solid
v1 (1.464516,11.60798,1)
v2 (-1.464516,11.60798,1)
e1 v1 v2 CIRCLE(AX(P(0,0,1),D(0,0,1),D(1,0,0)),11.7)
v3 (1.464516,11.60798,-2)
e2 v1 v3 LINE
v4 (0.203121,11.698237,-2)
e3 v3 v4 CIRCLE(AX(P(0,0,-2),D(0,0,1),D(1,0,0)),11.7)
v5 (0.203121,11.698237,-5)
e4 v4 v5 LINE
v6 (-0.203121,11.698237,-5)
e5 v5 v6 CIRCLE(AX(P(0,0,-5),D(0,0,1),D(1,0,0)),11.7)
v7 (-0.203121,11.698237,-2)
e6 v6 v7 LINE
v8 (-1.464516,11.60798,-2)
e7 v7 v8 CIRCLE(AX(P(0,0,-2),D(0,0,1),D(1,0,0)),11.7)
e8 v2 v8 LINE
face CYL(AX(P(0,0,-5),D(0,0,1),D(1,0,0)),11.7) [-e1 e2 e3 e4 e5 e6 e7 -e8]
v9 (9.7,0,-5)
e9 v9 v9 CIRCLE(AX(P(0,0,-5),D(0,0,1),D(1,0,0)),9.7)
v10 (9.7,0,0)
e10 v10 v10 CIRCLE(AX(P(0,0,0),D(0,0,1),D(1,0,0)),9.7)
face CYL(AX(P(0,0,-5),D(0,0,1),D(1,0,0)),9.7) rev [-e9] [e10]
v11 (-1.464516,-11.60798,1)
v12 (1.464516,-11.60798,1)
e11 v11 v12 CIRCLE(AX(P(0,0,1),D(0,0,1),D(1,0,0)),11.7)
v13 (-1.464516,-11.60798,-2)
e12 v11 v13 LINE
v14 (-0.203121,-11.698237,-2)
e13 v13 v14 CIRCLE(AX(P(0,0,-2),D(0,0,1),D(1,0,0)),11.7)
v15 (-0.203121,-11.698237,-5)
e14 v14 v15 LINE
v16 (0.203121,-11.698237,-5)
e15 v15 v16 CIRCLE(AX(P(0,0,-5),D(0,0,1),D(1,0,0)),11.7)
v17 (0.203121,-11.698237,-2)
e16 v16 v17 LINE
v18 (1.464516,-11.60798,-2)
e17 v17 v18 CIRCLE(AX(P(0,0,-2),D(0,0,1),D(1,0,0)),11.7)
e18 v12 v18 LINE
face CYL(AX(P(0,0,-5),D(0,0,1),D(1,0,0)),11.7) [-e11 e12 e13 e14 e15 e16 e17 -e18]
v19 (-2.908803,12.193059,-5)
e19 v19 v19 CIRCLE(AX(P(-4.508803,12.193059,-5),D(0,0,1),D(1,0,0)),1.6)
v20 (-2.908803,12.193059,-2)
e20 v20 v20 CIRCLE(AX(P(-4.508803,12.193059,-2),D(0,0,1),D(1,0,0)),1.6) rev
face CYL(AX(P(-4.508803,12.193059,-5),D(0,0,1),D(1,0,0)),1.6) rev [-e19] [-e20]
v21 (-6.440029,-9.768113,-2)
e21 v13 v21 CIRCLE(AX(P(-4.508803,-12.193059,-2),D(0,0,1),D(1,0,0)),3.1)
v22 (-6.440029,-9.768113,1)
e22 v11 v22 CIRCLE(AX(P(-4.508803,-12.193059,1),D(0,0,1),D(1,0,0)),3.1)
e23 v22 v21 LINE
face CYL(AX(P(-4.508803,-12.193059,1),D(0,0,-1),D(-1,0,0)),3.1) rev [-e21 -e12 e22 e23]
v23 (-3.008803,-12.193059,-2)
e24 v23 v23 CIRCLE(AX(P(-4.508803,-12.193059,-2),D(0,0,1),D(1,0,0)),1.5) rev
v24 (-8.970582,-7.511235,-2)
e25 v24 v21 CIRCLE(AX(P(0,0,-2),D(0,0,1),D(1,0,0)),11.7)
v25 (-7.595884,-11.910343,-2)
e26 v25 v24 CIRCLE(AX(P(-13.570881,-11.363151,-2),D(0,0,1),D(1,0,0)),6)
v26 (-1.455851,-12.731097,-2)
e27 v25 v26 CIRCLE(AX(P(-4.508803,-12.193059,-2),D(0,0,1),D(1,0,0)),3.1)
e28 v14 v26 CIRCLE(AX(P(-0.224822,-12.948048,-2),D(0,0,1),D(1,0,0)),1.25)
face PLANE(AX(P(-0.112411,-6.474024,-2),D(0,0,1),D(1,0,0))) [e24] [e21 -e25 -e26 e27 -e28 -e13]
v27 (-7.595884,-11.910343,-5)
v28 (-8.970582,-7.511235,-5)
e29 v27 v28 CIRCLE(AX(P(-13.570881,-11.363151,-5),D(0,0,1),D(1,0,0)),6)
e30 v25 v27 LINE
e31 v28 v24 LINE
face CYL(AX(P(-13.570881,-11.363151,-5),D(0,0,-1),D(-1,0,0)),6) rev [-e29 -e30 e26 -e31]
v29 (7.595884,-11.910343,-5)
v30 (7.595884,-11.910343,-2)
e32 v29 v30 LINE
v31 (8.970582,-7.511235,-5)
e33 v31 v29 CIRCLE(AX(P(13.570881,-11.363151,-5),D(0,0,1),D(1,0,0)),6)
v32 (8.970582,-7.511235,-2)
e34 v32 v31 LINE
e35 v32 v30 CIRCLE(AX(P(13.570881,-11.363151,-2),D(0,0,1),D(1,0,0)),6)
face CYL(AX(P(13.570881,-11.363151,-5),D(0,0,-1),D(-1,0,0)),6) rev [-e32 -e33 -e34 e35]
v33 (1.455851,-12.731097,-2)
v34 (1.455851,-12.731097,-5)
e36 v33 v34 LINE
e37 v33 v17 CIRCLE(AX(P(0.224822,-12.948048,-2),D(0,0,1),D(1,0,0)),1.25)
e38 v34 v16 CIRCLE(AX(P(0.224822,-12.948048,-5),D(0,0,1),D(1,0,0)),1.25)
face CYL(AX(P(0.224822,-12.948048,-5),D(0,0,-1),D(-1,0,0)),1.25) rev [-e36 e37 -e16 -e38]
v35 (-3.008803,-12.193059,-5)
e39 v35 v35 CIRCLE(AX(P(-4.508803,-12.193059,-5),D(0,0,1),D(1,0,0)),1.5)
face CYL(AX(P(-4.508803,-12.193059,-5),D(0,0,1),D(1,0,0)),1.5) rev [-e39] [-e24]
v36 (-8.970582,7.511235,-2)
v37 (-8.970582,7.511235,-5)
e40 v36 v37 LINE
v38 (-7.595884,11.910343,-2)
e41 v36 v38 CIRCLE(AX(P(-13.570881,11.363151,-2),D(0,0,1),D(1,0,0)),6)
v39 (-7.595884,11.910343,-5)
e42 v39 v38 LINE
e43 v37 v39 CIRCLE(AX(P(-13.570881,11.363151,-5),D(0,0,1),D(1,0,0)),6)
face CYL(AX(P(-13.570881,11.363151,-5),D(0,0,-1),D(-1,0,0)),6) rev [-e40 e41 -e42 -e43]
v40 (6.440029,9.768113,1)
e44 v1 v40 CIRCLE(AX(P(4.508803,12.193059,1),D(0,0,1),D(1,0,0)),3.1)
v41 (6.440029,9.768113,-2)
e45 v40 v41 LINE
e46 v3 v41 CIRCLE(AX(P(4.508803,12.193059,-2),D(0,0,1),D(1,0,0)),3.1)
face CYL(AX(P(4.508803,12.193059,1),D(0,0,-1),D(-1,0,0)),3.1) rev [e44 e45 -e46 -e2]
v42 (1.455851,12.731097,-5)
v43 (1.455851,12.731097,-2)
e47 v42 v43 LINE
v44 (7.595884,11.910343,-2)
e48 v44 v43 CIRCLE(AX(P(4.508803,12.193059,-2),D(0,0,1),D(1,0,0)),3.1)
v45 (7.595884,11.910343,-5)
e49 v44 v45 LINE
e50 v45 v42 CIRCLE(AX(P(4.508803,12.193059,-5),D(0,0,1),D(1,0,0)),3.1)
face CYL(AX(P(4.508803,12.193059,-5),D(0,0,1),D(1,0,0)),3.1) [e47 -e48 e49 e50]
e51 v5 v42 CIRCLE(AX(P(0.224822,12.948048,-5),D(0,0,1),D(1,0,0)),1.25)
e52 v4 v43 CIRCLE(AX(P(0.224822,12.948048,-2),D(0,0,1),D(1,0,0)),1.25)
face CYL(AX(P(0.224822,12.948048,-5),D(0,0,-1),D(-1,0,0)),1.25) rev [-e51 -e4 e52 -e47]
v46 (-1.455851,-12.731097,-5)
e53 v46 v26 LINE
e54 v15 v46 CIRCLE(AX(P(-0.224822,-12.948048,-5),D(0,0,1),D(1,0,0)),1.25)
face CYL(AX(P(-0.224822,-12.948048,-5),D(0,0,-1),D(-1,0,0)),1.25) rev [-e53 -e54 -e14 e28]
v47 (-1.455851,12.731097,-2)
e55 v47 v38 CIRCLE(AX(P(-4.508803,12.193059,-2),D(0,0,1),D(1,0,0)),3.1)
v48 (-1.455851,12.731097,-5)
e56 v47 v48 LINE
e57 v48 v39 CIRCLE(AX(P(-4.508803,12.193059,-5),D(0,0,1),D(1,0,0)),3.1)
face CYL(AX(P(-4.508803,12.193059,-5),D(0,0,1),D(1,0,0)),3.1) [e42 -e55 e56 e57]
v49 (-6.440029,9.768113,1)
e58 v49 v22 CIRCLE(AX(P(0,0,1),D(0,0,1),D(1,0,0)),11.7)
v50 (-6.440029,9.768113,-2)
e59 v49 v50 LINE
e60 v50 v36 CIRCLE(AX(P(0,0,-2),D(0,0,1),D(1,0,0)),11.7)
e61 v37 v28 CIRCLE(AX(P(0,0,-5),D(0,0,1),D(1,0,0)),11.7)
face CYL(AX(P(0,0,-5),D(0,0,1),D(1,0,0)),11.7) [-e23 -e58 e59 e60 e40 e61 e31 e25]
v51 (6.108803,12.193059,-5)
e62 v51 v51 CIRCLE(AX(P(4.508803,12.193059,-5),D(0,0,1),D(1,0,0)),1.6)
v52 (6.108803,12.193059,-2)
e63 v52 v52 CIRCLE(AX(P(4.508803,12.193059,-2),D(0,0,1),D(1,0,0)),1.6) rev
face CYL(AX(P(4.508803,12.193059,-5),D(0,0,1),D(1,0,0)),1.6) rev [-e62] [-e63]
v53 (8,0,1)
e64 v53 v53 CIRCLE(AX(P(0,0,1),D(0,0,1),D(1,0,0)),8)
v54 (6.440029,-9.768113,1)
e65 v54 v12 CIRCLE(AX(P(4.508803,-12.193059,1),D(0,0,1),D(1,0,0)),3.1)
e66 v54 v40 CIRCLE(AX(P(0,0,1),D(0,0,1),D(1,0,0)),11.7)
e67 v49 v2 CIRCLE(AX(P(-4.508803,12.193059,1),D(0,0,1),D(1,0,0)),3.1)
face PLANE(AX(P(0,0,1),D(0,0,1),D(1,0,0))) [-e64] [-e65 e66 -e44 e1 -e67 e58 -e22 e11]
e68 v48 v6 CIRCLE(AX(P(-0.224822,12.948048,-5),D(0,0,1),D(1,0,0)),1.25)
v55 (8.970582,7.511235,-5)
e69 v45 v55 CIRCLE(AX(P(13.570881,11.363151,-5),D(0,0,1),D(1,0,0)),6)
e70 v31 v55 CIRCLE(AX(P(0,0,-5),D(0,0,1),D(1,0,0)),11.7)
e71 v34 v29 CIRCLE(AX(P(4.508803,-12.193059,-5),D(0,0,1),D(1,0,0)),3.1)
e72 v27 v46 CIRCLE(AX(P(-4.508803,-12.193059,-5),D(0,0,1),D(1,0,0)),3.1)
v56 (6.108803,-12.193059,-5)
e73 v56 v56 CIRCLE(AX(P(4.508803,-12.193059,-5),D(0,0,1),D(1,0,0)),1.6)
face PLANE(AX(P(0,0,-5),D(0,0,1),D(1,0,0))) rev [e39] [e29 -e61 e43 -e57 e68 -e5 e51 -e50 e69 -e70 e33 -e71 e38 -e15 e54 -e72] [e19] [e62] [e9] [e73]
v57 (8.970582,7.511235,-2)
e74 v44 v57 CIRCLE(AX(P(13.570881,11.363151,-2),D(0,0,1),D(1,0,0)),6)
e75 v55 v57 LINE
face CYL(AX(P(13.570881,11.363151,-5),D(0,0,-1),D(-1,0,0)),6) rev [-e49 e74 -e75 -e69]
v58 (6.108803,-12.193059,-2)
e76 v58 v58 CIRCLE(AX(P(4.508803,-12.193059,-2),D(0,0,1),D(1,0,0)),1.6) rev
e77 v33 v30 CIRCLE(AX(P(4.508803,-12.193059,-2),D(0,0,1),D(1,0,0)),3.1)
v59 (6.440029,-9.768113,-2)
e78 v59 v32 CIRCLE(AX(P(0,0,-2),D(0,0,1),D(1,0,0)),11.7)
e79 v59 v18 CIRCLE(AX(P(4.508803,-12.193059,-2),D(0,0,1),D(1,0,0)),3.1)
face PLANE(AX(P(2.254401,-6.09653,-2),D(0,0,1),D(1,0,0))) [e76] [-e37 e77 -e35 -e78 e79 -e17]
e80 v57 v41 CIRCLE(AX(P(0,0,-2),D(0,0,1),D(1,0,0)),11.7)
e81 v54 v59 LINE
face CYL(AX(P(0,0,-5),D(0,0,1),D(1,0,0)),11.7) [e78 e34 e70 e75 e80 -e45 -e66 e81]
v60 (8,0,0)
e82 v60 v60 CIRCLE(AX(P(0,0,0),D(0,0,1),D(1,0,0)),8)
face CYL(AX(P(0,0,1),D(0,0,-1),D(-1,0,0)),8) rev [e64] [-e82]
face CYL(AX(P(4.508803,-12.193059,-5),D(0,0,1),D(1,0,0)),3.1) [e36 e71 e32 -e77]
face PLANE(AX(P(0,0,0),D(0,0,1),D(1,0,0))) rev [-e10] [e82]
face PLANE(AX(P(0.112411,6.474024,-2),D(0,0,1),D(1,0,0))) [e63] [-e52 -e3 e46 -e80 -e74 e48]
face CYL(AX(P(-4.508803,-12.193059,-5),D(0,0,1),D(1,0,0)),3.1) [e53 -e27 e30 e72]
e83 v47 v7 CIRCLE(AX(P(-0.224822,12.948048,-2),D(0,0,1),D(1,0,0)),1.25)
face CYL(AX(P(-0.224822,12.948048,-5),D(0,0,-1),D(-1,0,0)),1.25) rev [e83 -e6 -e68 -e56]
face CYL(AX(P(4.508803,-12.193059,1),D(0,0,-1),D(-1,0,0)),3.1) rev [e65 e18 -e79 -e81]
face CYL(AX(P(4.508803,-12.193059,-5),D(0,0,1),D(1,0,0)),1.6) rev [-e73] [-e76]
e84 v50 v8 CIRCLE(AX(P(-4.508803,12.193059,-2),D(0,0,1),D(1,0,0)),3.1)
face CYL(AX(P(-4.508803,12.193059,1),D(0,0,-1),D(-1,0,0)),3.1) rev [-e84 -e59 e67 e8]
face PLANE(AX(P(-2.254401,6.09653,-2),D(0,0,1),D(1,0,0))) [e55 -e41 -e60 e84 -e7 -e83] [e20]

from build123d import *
from build123d.topology import SkipClean

# Parameters (mm, degrees)
SKETCH1_R           = 1.6
SKETCH1_R_2         = 9.7
SKETCH1_R_3         = 1.5
BOSS_EXTRUDE1_DEPTH = 5
BOSS_EXTRUDE2_START = 1
SKETCH1_3_R         = 8
BOSS_EXTRUDE2_DEPTH = 1
FILLET1_R           = 6
FILLET5_R           = 1.25
CUT_EXTRUDE1_START  = 1
CUT_EXTRUDE1_DEPTH  = 3


with BuildPart() as part:
    # Sketch1 → Boss-Extrude1 (new body)
    with BuildSketch(Plane.XY):
        with BuildLine():
            ThreePointArc((6.440028886, -9.768112814), (11.7, 0), (6.440028886, 9.768112814))
            ThreePointArc((6.440028886, 9.768112814), (5.583978873, 15.100635084), (1.464516076, 11.607979698))
            ThreePointArc((1.464516076, 11.607979698), (0, 11.7), (-1.464516076, 11.607979698))
            ThreePointArc((-1.464516076, 11.607979698), (-5.583978873, 15.100635084), (-6.440028886, 9.768112814))
            ThreePointArc((-6.440028886, 9.768112814), (-11.7, 0), (-6.440028886, -9.768112814))
            ThreePointArc((-6.440028886, -9.768112814), (-5.583978873, -15.100635084), (-1.464516076, -11.607979698))
            ThreePointArc((-1.464516076, -11.607979698), (0, -11.7), (1.464516076, -11.607979698))
            ThreePointArc((1.464516076, -11.607979698), (5.583978873, -15.100635084), (6.440028886, -9.768112814))
        make_face()
        with Locations((-4.508802817, 12.193059385)):
            Circle(SKETCH1_R, mode=Mode.SUBTRACT)
        with Locations((4.508802817, 12.193059385)):
            Circle(SKETCH1_R, mode=Mode.SUBTRACT)
        Circle(SKETCH1_R_2, mode=Mode.SUBTRACT)
        with Locations((4.508802817, -12.193059385)):
            Circle(SKETCH1_R, mode=Mode.SUBTRACT)
        with Locations((-4.508802817, -12.193059385)):
            Circle(SKETCH1_R_3, mode=Mode.SUBTRACT)
    extrude(amount=-BOSS_EXTRUDE1_DEPTH)

    # Sketch1<3> → Boss-Extrude2 (add)
    with BuildSketch(Plane.XY.offset(BOSS_EXTRUDE2_START)):
        with BuildLine():
            ThreePointArc((6.440028886, -9.768112814), (11.7, 0), (6.440028886, 9.768112814))
            ThreePointArc((6.440028886, 9.768112814), (3.433626761, 9.285483685), (1.464516076, 11.607979698))
            ThreePointArc((1.464516076, 11.607979698), (0, 11.7), (-1.464516076, 11.607979698))
            ThreePointArc((-1.464516076, 11.607979698), (-3.433626761, 9.285483685), (-6.440028886, 9.768112814))
            ThreePointArc((-6.440028886, 9.768112814), (-11.7, 0), (-6.440028886, -9.768112814))
            ThreePointArc((-6.440028886, -9.768112814), (-3.433626761, -9.285483685), (-1.464516076, -11.607979698))
            ThreePointArc((-1.464516076, -11.607979698), (0, -11.7), (1.464516076, -11.607979698))
            ThreePointArc((1.464516076, -11.607979698), (3.433626761, -9.285483685), (6.440028886, -9.768112814))
        make_face()
        Circle(SKETCH1_3_R, mode=Mode.SUBTRACT)
    extrude(amount=-BOSS_EXTRUDE2_DEPTH)

    # Fillet1
    fillet1_edges = [part.edges().sort_by_distance(p)[0] for p in [
        (-6.440028886, -9.768112814, -2.5),
        (-6.440028886, 9.768112814, -2.5),
        (6.440028886, 9.768112814, -2.5),
        (6.440028886, -9.768112814, -2.5),
    ]]
    fillet(fillet1_edges, radius=FILLET1_R)

    # Fillet5
    fillet5_edges = [part.edges().sort_by_distance(p)[0] for p in [
        (-1.464516076, 11.607979698, -2.5),
        (1.464516076, 11.607979698, -2.5),
        (1.464516076, -11.607979698, -2.5),
        (-1.464516076, -11.607979698, -2.5),
    ]]
    fillet(fillet5_edges, radius=FILLET5_R)

    # Sketch2 → Cut-Extrude1 (cut)
    with SkipClean():  # the faces are left unmerged after this step: merging them gives an invalid solid
        with BuildSketch(Plane.XY.offset(CUT_EXTRUDE1_START)):
            with BuildLine():
                ThreePointArc((-1.464516076, -11.607979698), (-3.433626761, -9.285483685), (-6.440028886, -9.768112814))
                ThreePointArc((-6.440028886, -9.768112814), (-7.78749678, -8.731832219), (-8.970582034, -7.511235449))
                ThreePointArc((-8.970582034, -7.511235449), (-7.843991966, -9.57352888), (-7.59588423, -11.910343363))
                ThreePointArc((-7.59588423, -11.910343363), (-4.919534521, -15.265729147), (-1.455850964, -12.73109747))
                ThreePointArc((-1.455850964, -12.73109747), (-1.020006813, -11.983589345), (-0.203121026, -11.698236698))
                ThreePointArc((-0.203121026, -11.698236698), (-0.835038896, -11.67016324), (-1.464516076, -11.607979698))
            make_face()
            with BuildLine():
                ThreePointArc((6.440028886, -9.768112814), (3.433626761, -9.285483685), (1.464516076, -11.607979698))
                ThreePointArc((1.464516076, -11.607979698), (0.835038896, -11.67016324), (0.203121026, -11.698236698))
                ThreePointArc((0.203121026, -11.698236698), (1.020006813, -11.983589345), (1.455850964, -12.73109747))
                ThreePointArc((1.455850964, -12.73109747), (4.919534521, -15.265729147), (7.59588423, -11.910343363))
                ThreePointArc((7.59588423, -11.910343363), (7.843991966, -9.57352888), (8.970582034, -7.511235449))
                ThreePointArc((8.970582034, -7.511235449), (7.78749678, -8.731832219), (6.440028886, -9.768112814))
            make_face()
            with BuildLine():
                ThreePointArc((-6.440028886, 9.768112814), (-3.433626761, 9.285483685), (-1.464516076, 11.607979698))
                ThreePointArc((-1.464516076, 11.607979698), (-0.835038896, 11.67016324), (-0.203121026, 11.698236698))
                ThreePointArc((-0.203121026, 11.698236698), (-1.020006813, 11.983589345), (-1.455850964, 12.73109747))
                ThreePointArc((-1.455850964, 12.73109747), (-4.919534521, 15.265729147), (-7.59588423, 11.910343363))
                ThreePointArc((-7.59588423, 11.910343363), (-7.843991966, 9.57352888), (-8.970582034, 7.511235449))
                ThreePointArc((-8.970582034, 7.511235449), (-7.78749678, 8.731832219), (-6.440028886, 9.768112814))
            make_face()
            with BuildLine():
                ThreePointArc((1.464516076, 11.607979698), (3.433626761, 9.285483685), (6.440028886, 9.768112814))
                ThreePointArc((6.440028886, 9.768112814), (7.78749678, 8.731832219), (8.970582034, 7.511235449))
                ThreePointArc((8.970582034, 7.511235449), (7.843991966, 9.57352888), (7.59588423, 11.910343363))
                ThreePointArc((7.59588423, 11.910343363), (4.919534521, 15.265729147), (1.455850964, 12.73109747))
                ThreePointArc((1.455850964, 12.73109747), (1.020006813, 11.983589345), (0.203121026, 11.698236698))
                ThreePointArc((0.203121026, 11.698236698), (0.835038896, 11.67016324), (1.464516076, 11.607979698))
            make_face()
        extrude(amount=-CUT_EXTRUDE1_DEPTH, mode=Mode.SUBTRACT)


solid = part.part
